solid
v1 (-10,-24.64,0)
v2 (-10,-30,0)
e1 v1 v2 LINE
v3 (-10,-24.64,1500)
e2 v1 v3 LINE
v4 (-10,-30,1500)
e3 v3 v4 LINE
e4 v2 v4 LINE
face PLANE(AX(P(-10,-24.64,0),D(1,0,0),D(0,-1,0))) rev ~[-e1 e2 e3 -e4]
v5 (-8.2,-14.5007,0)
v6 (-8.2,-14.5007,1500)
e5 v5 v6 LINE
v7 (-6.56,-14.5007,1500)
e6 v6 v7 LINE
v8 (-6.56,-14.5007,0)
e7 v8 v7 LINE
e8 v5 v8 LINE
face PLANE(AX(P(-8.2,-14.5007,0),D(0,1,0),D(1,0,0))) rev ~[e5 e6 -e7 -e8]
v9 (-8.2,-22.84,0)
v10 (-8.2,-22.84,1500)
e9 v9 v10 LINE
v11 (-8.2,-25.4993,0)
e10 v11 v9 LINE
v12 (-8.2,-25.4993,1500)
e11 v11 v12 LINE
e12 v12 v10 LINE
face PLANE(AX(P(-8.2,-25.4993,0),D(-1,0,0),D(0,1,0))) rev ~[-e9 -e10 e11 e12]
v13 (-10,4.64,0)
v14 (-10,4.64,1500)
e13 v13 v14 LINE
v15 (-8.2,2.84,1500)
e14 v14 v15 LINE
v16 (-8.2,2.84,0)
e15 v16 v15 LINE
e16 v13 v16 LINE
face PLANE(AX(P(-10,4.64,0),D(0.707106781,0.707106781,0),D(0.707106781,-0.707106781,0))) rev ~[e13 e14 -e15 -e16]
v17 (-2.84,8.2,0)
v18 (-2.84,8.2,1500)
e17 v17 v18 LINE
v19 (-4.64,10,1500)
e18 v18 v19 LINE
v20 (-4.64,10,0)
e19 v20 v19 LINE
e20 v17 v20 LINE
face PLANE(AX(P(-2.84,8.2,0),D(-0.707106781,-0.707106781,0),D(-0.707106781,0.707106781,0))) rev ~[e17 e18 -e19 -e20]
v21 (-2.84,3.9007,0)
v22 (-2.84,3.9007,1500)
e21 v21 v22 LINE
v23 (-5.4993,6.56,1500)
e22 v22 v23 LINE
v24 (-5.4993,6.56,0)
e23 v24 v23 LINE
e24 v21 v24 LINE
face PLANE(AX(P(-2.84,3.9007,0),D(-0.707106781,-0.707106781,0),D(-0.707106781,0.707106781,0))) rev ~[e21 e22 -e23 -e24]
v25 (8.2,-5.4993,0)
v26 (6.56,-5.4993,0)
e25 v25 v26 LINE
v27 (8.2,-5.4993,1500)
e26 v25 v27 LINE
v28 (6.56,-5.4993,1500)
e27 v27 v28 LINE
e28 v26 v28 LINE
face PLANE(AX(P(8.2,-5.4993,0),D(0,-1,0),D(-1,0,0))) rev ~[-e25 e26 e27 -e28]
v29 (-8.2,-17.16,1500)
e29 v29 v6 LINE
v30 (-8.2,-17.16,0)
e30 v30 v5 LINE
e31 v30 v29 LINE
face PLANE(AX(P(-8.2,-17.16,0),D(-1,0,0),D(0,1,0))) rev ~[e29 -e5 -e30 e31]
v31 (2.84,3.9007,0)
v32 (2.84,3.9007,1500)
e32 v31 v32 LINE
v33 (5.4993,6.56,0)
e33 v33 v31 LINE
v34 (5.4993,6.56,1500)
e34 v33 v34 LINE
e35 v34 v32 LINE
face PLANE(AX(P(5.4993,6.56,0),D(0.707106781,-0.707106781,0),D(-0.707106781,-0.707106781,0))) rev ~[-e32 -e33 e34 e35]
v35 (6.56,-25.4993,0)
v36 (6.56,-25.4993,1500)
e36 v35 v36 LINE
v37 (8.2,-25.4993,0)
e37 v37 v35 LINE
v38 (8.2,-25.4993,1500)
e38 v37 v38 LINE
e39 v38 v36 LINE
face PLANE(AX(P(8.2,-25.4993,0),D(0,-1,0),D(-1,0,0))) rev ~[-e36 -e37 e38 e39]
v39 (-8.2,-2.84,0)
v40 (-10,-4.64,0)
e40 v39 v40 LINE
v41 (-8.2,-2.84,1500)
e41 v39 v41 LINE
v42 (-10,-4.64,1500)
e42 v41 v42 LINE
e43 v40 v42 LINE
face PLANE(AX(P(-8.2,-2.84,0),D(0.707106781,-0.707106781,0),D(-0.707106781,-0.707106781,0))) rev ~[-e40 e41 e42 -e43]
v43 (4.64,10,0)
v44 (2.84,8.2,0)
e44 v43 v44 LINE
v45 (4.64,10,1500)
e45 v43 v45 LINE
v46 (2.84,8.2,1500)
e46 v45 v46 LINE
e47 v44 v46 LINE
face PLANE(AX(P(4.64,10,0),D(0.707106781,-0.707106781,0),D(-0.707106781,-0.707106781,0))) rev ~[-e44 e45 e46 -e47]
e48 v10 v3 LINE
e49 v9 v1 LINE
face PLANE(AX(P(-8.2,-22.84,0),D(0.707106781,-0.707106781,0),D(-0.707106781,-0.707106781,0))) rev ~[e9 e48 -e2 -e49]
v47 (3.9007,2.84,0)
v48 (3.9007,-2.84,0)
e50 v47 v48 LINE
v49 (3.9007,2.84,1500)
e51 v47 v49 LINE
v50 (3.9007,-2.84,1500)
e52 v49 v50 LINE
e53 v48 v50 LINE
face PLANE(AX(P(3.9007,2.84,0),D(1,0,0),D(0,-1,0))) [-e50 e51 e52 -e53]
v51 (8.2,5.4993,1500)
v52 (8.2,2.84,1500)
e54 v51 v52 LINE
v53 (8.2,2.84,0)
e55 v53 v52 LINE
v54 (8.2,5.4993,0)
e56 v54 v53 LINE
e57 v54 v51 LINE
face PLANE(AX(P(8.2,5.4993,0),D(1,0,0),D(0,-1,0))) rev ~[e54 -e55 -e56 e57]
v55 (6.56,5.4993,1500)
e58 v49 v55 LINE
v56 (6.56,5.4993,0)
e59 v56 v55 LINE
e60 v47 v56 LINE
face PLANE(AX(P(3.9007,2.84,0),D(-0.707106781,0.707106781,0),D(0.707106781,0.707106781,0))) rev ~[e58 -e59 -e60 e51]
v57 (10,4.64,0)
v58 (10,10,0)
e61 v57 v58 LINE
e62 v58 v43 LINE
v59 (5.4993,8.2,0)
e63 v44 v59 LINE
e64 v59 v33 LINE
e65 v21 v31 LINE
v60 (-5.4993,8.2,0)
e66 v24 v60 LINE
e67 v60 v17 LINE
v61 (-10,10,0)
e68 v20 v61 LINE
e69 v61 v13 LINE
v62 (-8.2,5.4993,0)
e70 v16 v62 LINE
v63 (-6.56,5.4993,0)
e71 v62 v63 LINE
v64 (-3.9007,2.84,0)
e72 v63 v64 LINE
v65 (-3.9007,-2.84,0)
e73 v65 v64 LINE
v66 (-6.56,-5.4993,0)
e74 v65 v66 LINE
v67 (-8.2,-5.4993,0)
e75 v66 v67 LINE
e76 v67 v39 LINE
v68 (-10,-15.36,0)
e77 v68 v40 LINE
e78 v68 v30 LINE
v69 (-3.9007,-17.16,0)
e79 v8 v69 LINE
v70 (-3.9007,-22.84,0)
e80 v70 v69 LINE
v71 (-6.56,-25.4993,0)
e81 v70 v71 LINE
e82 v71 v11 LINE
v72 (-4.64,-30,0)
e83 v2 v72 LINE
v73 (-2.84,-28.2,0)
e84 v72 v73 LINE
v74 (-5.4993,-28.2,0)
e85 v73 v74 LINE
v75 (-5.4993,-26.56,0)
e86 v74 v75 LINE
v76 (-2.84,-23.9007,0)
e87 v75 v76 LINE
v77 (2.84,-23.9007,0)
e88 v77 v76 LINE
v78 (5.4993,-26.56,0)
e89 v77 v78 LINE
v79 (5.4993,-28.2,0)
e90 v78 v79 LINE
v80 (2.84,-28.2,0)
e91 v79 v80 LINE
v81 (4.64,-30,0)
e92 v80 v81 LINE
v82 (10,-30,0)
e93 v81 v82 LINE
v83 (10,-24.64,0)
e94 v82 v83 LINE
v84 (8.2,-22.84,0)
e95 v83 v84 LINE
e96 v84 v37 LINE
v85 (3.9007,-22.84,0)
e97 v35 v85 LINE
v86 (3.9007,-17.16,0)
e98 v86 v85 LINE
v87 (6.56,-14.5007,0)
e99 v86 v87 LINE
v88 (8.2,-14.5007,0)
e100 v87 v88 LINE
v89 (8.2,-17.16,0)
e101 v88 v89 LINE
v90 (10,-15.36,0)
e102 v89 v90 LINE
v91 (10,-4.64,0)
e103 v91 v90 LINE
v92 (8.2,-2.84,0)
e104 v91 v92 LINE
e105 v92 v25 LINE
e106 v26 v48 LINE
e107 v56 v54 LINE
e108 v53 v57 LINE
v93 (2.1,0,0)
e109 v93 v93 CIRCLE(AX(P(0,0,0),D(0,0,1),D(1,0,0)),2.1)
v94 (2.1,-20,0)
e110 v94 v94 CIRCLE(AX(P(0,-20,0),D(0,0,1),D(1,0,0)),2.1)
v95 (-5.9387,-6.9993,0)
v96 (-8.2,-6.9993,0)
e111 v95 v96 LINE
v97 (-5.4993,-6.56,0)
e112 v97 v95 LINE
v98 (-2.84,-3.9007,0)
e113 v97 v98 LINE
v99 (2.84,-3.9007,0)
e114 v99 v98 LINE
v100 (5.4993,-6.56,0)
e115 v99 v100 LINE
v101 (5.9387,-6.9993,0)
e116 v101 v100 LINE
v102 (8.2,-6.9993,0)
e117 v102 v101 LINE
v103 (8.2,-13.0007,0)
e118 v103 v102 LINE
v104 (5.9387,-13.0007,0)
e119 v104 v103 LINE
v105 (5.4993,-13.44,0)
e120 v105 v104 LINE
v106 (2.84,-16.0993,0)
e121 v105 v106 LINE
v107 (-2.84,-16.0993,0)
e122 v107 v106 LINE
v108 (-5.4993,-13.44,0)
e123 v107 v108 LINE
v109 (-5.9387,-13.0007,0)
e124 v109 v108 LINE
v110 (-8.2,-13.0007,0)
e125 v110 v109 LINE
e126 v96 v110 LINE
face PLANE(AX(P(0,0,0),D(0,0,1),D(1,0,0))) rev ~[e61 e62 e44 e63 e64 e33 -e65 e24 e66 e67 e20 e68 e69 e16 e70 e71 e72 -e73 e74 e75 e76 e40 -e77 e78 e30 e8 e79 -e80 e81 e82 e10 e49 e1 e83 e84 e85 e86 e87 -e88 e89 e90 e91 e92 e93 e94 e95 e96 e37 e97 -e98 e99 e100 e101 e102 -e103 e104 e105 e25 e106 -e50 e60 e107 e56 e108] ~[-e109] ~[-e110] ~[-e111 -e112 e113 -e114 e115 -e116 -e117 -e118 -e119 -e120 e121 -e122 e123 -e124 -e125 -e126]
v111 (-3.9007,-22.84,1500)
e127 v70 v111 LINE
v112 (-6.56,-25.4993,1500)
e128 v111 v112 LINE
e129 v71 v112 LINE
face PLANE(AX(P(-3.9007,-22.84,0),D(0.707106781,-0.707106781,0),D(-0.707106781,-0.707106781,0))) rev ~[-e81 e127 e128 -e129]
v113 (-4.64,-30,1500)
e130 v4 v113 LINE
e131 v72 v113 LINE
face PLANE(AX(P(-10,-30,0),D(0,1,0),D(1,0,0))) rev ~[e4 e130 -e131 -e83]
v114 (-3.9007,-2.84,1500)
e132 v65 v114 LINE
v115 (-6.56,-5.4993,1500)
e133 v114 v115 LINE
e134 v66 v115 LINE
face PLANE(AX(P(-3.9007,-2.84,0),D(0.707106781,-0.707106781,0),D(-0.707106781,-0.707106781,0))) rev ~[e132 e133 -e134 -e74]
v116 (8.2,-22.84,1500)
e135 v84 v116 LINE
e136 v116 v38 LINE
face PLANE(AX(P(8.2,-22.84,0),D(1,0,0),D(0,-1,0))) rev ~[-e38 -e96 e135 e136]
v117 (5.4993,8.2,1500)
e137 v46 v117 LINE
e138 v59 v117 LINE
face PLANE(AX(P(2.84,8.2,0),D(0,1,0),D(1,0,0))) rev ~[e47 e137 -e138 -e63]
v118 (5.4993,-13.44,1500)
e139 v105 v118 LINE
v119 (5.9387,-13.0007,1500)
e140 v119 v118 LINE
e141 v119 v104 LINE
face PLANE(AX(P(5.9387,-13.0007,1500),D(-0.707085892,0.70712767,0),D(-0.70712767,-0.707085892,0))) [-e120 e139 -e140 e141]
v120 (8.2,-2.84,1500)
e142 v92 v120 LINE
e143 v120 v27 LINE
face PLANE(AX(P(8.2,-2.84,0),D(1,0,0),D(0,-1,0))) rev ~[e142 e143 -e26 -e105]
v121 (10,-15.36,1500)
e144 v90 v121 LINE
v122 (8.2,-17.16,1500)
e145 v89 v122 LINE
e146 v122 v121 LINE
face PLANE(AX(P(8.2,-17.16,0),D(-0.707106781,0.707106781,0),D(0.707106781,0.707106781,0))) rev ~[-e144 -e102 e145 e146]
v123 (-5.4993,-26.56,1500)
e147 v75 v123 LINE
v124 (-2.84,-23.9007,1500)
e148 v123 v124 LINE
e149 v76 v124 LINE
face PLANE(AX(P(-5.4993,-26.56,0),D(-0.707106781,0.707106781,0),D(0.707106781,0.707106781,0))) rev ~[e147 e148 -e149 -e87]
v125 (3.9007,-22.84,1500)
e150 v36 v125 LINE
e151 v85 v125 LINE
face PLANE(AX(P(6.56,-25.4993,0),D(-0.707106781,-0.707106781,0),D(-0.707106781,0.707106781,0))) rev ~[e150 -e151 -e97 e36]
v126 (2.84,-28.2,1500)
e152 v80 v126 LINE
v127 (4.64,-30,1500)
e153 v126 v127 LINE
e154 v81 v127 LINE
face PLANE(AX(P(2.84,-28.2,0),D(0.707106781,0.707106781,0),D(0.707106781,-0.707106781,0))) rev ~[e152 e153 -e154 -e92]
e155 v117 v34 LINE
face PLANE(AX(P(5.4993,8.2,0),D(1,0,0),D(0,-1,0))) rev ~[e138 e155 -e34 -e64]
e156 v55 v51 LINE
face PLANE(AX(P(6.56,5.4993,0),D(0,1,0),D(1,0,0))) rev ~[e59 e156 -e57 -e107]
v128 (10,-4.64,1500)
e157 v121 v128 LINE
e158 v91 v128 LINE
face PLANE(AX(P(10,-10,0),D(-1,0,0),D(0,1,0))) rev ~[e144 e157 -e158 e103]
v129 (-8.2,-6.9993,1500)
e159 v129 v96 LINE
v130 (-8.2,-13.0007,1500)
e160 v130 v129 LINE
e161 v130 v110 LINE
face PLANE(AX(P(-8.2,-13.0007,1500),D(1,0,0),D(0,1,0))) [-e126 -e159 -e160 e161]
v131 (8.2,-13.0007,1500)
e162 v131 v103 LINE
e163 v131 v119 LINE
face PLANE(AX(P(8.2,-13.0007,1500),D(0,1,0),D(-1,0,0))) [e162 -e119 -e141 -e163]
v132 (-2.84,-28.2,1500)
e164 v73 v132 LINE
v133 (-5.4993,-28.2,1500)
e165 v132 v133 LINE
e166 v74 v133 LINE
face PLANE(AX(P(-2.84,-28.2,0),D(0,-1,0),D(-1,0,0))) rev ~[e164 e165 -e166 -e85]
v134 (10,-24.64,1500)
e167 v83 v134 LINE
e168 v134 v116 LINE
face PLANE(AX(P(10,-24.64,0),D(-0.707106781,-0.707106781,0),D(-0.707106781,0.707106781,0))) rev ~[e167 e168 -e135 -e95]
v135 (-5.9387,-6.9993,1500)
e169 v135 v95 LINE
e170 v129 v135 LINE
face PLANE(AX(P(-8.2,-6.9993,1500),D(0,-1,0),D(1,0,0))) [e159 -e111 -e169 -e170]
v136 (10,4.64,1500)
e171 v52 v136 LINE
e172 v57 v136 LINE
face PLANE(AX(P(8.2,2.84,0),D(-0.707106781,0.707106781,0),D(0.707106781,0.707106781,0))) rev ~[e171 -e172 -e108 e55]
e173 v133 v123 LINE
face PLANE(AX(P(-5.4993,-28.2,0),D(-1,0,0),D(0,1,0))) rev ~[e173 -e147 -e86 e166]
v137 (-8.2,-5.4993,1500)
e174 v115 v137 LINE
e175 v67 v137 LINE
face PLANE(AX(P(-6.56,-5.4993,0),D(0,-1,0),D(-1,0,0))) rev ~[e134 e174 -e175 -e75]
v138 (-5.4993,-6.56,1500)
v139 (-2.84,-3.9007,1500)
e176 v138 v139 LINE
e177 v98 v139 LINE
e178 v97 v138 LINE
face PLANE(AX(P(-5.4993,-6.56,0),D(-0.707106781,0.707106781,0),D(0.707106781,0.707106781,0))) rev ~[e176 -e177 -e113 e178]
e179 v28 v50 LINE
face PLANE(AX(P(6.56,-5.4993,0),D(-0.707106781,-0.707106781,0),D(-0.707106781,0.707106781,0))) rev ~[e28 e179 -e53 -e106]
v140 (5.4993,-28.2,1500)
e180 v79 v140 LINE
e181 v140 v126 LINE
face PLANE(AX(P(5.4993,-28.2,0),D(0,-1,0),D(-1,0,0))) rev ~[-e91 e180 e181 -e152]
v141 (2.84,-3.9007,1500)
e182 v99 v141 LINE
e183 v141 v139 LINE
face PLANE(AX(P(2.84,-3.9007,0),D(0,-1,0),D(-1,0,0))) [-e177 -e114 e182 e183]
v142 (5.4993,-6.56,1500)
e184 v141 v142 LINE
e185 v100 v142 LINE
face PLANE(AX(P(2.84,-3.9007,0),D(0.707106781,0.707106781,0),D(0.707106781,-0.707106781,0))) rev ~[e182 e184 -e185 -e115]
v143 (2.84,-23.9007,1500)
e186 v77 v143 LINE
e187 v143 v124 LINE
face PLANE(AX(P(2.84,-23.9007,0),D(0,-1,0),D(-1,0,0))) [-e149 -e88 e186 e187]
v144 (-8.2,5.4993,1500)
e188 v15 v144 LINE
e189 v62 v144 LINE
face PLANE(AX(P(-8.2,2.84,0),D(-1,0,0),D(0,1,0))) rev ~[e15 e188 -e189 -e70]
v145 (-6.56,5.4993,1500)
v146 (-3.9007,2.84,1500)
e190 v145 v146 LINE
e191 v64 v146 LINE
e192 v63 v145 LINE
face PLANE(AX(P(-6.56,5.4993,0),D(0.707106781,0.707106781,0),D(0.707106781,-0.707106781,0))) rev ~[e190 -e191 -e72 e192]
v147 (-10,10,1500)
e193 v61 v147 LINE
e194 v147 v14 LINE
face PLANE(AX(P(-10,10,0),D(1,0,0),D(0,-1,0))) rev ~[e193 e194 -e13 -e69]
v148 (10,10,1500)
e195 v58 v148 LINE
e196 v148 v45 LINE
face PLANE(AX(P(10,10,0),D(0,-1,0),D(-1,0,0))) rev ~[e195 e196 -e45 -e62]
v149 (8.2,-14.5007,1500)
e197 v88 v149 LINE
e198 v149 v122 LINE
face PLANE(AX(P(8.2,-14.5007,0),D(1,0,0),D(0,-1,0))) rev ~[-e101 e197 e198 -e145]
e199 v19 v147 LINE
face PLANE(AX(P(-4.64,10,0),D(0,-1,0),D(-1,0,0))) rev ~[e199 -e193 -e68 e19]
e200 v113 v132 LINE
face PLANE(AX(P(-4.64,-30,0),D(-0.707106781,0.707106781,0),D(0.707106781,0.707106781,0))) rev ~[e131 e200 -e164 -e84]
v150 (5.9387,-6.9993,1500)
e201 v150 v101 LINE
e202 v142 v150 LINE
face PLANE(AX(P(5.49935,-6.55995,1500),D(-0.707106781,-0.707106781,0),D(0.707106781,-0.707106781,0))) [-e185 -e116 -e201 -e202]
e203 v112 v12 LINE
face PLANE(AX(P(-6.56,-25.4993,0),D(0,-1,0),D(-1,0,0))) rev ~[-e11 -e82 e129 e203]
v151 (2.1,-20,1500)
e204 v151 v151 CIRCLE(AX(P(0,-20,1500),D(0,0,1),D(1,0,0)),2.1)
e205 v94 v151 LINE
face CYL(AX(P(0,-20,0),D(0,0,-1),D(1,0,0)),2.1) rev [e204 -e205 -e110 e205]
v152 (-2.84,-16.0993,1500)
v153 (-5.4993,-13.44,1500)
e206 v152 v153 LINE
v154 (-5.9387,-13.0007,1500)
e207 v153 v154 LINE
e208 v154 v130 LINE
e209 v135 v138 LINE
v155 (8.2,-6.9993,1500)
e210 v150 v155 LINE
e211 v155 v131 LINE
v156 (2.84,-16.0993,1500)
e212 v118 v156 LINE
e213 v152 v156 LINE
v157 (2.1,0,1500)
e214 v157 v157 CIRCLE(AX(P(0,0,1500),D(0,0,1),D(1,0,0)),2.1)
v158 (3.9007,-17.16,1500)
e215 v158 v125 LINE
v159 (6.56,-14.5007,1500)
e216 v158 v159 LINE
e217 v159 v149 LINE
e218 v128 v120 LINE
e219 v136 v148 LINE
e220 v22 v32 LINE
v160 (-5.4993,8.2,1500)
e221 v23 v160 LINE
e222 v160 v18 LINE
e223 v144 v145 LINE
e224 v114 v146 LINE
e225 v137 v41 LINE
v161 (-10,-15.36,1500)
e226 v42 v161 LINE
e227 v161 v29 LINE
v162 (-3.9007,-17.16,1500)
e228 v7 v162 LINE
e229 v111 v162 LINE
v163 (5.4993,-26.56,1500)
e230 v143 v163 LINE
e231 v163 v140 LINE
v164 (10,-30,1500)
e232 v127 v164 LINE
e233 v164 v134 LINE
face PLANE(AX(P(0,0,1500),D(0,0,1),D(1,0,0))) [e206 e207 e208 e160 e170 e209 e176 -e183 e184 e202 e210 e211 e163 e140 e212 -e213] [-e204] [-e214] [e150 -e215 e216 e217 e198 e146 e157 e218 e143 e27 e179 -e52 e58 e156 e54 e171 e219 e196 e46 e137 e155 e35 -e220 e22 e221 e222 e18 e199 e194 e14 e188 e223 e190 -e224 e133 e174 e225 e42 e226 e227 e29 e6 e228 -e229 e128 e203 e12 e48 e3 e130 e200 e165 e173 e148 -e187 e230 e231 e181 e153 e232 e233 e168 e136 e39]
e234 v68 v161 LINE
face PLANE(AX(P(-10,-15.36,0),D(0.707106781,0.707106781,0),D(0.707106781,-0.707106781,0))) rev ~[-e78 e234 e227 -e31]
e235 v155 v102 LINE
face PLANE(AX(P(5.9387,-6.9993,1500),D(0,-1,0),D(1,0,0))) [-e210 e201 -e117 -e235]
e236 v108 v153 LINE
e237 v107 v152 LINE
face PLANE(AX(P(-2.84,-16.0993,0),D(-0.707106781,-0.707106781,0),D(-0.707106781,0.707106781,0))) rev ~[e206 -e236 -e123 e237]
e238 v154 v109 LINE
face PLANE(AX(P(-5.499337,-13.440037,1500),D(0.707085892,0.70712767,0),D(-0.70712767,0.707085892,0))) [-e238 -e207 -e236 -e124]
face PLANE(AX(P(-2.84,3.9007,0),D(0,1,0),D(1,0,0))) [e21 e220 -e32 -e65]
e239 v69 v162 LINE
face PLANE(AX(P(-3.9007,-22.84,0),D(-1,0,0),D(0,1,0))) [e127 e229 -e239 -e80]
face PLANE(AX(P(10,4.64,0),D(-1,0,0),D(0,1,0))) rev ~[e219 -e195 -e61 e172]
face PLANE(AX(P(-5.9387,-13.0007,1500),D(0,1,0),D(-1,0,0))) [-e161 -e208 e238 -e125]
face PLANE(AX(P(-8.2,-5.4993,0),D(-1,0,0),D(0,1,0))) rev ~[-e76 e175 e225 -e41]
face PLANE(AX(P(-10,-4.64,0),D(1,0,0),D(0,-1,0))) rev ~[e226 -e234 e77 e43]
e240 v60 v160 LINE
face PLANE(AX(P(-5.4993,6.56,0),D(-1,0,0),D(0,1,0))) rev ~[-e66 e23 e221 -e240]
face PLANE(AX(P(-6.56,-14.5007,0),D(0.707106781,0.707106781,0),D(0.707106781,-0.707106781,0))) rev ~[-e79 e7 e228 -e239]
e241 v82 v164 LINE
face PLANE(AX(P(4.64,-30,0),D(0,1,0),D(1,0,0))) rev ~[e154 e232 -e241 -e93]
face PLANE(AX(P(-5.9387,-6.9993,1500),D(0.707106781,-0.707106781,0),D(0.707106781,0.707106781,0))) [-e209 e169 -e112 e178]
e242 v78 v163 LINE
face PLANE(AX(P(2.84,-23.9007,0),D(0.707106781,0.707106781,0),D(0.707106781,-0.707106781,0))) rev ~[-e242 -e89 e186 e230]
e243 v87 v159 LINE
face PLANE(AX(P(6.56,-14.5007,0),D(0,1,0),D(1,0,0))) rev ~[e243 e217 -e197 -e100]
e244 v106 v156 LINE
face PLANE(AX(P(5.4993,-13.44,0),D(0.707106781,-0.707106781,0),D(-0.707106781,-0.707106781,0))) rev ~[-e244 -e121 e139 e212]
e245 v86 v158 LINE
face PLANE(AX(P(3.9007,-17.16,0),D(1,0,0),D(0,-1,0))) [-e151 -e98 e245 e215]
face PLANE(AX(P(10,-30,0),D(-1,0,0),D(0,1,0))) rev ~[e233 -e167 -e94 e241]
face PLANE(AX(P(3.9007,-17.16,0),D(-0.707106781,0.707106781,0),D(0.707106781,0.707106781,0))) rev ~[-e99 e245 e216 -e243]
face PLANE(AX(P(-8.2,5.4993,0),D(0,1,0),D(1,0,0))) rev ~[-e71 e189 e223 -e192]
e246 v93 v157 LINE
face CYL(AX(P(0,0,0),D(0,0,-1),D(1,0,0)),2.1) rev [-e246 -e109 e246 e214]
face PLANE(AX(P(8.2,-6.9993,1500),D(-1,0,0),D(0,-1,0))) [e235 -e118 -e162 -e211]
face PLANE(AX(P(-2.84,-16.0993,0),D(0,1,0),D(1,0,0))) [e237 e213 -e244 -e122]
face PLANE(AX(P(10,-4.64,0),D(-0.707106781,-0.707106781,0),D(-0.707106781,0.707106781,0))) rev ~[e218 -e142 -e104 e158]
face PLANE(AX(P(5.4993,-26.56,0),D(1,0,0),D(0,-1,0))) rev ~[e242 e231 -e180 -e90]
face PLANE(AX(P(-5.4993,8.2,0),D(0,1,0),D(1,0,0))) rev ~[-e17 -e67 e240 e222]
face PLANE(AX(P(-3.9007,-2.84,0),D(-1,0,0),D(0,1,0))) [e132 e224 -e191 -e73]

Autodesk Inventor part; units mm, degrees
ref_plane "YZ Plane" through (0, 0, 0) normal (1, 0, 0) x (0, 1, 0)
ref_plane "XZ Plane" through (0, 0, 0) normal (0, 1, 0) x (-1, 0, 0)
ref_plane "XY Plane" through (0, 0, 0) normal (0, 0, 1) x (1, 0, 0)
sketch "Sketch1" plane through (0, 0, 0) normal (0, 0, 1) x (1, 0, 0)
  line L0 (-3.9007, 3.9007) -> (3.9007, 3.9007)
  line L1 (3.9007, 3.9007) -> (3.9007, -3.9007)
  line L2 (3.9007, -3.9007) -> (-3.9007, -3.9007)
  line L3 (-3.9007, -3.9007) -> (-3.9007, 3.9007)
  line L4 (0, 3.9007) -> (0, -3.9007) construction
  line L5 (-3.9007, 0) -> (3.9007, 0) construction
  circle A0 centre (0, 0) radius 2.1
  line L6 (0, 0) -> (-16.1173, 16.1173) construction
  line L7 (0, 0) -> (22.7933, 0) construction
  line L8 (-2.84, 3.9007) -> (-5.4993, 6.56)
  line L9 (-5.4993, 6.56) -> (-5.4993, 8.2)
  line L10 (-5.4993, 8.2) -> (-2.84, 8.2)
  line L11 (-2.84, 8.2) -> (-4.64, 10)
  line L12 (-4.64, 10) -> (-10, 10)
  line L13 (-10, 10) -> (-10, 4.64)
  line L14 (-10, 4.64) -> (-8.2, 2.84)
  line L15 (-8.2, 2.84) -> (-8.2, 5.4993)
  line L16 (-8.2, 5.4993) -> (-6.56, 5.4993)
  line L17 (-6.56, 5.4993) -> (-3.9007, 2.84)
  line L18 (-3.9007, 2.84) -> (-11.3102, 2.84) construction
  line L19 (-2.84, 3.9007) -> (-3.9007, 3.9007)
  line L20 (-3.9007, 2.84) -> (-3.9007, 3.9007)
  line L21 (-3.9007, -2.84) -> (-6.56, -5.4993)
  line L22 (-6.56, -5.4993) -> (-8.2, -5.4993)
  line L23 (-8.2, -5.4993) -> (-8.2, -2.84)
  line L24 (-8.2, -2.84) -> (-10, -4.64)
  line L25 (-10, -4.64) -> (-10, -10)
  line L26 (-10, -10) -> (-4.64, -10)
  line L27 (-4.64, -10) -> (-2.84, -8.2)
  line L28 (-2.84, -8.2) -> (-5.4993, -8.2)
  line L29 (-5.4993, -8.2) -> (-5.4993, -6.56)
  line L30 (-5.4993, -6.56) -> (-2.84, -3.9007)
  line L31 (-3.9007, -2.84) -> (-3.9007, -3.9007)
  line L32 (-2.84, -3.9007) -> (-3.9007, -3.9007)
  line L33 (2.84, -3.9007) -> (5.4993, -6.56)
  line L34 (5.4993, -6.56) -> (5.4993, -8.2)
  line L35 (5.4993, -8.2) -> (2.84, -8.2)
  line L36 (2.84, -8.2) -> (4.64, -10)
  line L37 (4.64, -10) -> (10, -10)
  line L38 (10, -10) -> (10, -4.64)
  line L39 (10, -4.64) -> (8.2, -2.84)
  line L40 (8.2, -2.84) -> (8.2, -5.4993)
  line L41 (8.2, -5.4993) -> (6.56, -5.4993)
  line L42 (6.56, -5.4993) -> (3.9007, -2.84)
  line L43 (2.84, -3.9007) -> (3.9007, -3.9007)
  line L44 (3.9007, -2.84) -> (3.9007, -3.9007)
  line L45 (3.9007, 2.84) -> (6.56, 5.4993)
  line L46 (6.56, 5.4993) -> (8.2, 5.4993)
  line L47 (8.2, 5.4993) -> (8.2, 2.84)
  line L48 (8.2, 2.84) -> (10, 4.64)
  line L49 (10, 4.64) -> (10, 10)
  line L50 (10, 10) -> (4.64, 10)
  line L51 (4.64, 10) -> (2.84, 8.2)
  line L52 (2.84, 8.2) -> (5.4993, 8.2)
  line L53 (5.4993, 8.2) -> (5.4993, 6.56)
  line L54 (5.4993, 6.56) -> (2.84, 3.9007)
  line L55 (3.9007, 2.84) -> (3.9007, 3.9007)
  line L56 (2.84, 3.9007) -> (3.9007, 3.9007)
  dimension "d7" = 4.2
  dimension "d8" = 135
  dimension "d9" = 1.5
  dimension "d10" = 1.64
  dimension "d11" = 1.8
  dimension "d12" = 2.84
  dimension "d13" = 10
  dimension "d16" = 360
extrude "Extrusion1" add sketch "Sketch1" along normal blind 1500
pattern_linear "Rectangular Pattern1" count 2 spacing 20 along (0, -1, 0) of "Extrusion1"
sketch "Sketch2" plane through (0, 0, 1500) normal (0, 0, 1) x (1, 0, 0)
  line L0 (8.2, -2.84) -> (8.2, -5.4993) projected
  line L1 (8.2, -5.4993) -> (6.56, -5.4993) projected
  line L2 (-6.56, -5.4993) -> (-8.2, -5.4993) projected
  line L3 (-8.2, -5.4993) -> (-8.2, -2.84) projected
  line L4 (-8.2, -14.5007) -> (-6.56, -14.5007) projected
  line L5 (6.56, -14.5007) -> (8.2, -14.5007) projected
  line L6 (5.4993, -11.8) -> (5.4993, -13.44) projected
  line L7 (5.4993, -13.44) -> (2.84, -16.0993) projected
  line L8 (-2.84, -16.0993) -> (-5.4993, -13.44) projected
  line L9 (-5.4993, -8.2) -> (-5.4993, -6.56) projected
  line L10 (-5.4993, -6.56) -> (-2.84, -3.9007) projected
  line L11 (2.84, -3.9007) -> (5.4993, -6.56) projected
  line L12 (2.84, -8.2) -> (4.64, -10) projected
  line L13 (-8.2, -6.9993) -> (-5.9387, -6.9993)
  line L14 (-5.9387, -6.9993) -> (-4.1231, -5.1837)
  line L15 (-4.1231, -5.1837) -> (4.1231, -5.1837)
  line L16 (4.1231, -5.1837) -> (5.9387, -6.9993)
  line L17 (5.9387, -6.9993) -> (8.2, -6.9993)
  line L18 (8.2, -6.9993) -> (8.2, -13.0007)
  line L19 (8.2, -13.0007) -> (5.9387, -13.0007)
  line L20 (5.9387, -13.0007) -> (4.2461, -14.6932)
  line L21 (4.2461, -14.6932) -> (-4.2461, -14.6932)
  line L22 (-4.2461, -14.6932) -> (-5.9387, -13.0007)
  line L23 (-5.9387, -13.0007) -> (-8.2, -13.0007)
  line L24 (-8.2, -13.0007) -> (-8.2, -6.9993)
  dimension "d23" = 1.5
  dimension "d24" = 1.5
  dimension "d25" = 1.5
  dimension "d26" = 1.5
extrude "Extrusion2" cut sketch "Sketch2" against normal up to next
equation "\"d24\" = d23"
equation "\"d25\" = d23"
equation "\"d26\" = d23"
properties part number "20x40x1500mm"
